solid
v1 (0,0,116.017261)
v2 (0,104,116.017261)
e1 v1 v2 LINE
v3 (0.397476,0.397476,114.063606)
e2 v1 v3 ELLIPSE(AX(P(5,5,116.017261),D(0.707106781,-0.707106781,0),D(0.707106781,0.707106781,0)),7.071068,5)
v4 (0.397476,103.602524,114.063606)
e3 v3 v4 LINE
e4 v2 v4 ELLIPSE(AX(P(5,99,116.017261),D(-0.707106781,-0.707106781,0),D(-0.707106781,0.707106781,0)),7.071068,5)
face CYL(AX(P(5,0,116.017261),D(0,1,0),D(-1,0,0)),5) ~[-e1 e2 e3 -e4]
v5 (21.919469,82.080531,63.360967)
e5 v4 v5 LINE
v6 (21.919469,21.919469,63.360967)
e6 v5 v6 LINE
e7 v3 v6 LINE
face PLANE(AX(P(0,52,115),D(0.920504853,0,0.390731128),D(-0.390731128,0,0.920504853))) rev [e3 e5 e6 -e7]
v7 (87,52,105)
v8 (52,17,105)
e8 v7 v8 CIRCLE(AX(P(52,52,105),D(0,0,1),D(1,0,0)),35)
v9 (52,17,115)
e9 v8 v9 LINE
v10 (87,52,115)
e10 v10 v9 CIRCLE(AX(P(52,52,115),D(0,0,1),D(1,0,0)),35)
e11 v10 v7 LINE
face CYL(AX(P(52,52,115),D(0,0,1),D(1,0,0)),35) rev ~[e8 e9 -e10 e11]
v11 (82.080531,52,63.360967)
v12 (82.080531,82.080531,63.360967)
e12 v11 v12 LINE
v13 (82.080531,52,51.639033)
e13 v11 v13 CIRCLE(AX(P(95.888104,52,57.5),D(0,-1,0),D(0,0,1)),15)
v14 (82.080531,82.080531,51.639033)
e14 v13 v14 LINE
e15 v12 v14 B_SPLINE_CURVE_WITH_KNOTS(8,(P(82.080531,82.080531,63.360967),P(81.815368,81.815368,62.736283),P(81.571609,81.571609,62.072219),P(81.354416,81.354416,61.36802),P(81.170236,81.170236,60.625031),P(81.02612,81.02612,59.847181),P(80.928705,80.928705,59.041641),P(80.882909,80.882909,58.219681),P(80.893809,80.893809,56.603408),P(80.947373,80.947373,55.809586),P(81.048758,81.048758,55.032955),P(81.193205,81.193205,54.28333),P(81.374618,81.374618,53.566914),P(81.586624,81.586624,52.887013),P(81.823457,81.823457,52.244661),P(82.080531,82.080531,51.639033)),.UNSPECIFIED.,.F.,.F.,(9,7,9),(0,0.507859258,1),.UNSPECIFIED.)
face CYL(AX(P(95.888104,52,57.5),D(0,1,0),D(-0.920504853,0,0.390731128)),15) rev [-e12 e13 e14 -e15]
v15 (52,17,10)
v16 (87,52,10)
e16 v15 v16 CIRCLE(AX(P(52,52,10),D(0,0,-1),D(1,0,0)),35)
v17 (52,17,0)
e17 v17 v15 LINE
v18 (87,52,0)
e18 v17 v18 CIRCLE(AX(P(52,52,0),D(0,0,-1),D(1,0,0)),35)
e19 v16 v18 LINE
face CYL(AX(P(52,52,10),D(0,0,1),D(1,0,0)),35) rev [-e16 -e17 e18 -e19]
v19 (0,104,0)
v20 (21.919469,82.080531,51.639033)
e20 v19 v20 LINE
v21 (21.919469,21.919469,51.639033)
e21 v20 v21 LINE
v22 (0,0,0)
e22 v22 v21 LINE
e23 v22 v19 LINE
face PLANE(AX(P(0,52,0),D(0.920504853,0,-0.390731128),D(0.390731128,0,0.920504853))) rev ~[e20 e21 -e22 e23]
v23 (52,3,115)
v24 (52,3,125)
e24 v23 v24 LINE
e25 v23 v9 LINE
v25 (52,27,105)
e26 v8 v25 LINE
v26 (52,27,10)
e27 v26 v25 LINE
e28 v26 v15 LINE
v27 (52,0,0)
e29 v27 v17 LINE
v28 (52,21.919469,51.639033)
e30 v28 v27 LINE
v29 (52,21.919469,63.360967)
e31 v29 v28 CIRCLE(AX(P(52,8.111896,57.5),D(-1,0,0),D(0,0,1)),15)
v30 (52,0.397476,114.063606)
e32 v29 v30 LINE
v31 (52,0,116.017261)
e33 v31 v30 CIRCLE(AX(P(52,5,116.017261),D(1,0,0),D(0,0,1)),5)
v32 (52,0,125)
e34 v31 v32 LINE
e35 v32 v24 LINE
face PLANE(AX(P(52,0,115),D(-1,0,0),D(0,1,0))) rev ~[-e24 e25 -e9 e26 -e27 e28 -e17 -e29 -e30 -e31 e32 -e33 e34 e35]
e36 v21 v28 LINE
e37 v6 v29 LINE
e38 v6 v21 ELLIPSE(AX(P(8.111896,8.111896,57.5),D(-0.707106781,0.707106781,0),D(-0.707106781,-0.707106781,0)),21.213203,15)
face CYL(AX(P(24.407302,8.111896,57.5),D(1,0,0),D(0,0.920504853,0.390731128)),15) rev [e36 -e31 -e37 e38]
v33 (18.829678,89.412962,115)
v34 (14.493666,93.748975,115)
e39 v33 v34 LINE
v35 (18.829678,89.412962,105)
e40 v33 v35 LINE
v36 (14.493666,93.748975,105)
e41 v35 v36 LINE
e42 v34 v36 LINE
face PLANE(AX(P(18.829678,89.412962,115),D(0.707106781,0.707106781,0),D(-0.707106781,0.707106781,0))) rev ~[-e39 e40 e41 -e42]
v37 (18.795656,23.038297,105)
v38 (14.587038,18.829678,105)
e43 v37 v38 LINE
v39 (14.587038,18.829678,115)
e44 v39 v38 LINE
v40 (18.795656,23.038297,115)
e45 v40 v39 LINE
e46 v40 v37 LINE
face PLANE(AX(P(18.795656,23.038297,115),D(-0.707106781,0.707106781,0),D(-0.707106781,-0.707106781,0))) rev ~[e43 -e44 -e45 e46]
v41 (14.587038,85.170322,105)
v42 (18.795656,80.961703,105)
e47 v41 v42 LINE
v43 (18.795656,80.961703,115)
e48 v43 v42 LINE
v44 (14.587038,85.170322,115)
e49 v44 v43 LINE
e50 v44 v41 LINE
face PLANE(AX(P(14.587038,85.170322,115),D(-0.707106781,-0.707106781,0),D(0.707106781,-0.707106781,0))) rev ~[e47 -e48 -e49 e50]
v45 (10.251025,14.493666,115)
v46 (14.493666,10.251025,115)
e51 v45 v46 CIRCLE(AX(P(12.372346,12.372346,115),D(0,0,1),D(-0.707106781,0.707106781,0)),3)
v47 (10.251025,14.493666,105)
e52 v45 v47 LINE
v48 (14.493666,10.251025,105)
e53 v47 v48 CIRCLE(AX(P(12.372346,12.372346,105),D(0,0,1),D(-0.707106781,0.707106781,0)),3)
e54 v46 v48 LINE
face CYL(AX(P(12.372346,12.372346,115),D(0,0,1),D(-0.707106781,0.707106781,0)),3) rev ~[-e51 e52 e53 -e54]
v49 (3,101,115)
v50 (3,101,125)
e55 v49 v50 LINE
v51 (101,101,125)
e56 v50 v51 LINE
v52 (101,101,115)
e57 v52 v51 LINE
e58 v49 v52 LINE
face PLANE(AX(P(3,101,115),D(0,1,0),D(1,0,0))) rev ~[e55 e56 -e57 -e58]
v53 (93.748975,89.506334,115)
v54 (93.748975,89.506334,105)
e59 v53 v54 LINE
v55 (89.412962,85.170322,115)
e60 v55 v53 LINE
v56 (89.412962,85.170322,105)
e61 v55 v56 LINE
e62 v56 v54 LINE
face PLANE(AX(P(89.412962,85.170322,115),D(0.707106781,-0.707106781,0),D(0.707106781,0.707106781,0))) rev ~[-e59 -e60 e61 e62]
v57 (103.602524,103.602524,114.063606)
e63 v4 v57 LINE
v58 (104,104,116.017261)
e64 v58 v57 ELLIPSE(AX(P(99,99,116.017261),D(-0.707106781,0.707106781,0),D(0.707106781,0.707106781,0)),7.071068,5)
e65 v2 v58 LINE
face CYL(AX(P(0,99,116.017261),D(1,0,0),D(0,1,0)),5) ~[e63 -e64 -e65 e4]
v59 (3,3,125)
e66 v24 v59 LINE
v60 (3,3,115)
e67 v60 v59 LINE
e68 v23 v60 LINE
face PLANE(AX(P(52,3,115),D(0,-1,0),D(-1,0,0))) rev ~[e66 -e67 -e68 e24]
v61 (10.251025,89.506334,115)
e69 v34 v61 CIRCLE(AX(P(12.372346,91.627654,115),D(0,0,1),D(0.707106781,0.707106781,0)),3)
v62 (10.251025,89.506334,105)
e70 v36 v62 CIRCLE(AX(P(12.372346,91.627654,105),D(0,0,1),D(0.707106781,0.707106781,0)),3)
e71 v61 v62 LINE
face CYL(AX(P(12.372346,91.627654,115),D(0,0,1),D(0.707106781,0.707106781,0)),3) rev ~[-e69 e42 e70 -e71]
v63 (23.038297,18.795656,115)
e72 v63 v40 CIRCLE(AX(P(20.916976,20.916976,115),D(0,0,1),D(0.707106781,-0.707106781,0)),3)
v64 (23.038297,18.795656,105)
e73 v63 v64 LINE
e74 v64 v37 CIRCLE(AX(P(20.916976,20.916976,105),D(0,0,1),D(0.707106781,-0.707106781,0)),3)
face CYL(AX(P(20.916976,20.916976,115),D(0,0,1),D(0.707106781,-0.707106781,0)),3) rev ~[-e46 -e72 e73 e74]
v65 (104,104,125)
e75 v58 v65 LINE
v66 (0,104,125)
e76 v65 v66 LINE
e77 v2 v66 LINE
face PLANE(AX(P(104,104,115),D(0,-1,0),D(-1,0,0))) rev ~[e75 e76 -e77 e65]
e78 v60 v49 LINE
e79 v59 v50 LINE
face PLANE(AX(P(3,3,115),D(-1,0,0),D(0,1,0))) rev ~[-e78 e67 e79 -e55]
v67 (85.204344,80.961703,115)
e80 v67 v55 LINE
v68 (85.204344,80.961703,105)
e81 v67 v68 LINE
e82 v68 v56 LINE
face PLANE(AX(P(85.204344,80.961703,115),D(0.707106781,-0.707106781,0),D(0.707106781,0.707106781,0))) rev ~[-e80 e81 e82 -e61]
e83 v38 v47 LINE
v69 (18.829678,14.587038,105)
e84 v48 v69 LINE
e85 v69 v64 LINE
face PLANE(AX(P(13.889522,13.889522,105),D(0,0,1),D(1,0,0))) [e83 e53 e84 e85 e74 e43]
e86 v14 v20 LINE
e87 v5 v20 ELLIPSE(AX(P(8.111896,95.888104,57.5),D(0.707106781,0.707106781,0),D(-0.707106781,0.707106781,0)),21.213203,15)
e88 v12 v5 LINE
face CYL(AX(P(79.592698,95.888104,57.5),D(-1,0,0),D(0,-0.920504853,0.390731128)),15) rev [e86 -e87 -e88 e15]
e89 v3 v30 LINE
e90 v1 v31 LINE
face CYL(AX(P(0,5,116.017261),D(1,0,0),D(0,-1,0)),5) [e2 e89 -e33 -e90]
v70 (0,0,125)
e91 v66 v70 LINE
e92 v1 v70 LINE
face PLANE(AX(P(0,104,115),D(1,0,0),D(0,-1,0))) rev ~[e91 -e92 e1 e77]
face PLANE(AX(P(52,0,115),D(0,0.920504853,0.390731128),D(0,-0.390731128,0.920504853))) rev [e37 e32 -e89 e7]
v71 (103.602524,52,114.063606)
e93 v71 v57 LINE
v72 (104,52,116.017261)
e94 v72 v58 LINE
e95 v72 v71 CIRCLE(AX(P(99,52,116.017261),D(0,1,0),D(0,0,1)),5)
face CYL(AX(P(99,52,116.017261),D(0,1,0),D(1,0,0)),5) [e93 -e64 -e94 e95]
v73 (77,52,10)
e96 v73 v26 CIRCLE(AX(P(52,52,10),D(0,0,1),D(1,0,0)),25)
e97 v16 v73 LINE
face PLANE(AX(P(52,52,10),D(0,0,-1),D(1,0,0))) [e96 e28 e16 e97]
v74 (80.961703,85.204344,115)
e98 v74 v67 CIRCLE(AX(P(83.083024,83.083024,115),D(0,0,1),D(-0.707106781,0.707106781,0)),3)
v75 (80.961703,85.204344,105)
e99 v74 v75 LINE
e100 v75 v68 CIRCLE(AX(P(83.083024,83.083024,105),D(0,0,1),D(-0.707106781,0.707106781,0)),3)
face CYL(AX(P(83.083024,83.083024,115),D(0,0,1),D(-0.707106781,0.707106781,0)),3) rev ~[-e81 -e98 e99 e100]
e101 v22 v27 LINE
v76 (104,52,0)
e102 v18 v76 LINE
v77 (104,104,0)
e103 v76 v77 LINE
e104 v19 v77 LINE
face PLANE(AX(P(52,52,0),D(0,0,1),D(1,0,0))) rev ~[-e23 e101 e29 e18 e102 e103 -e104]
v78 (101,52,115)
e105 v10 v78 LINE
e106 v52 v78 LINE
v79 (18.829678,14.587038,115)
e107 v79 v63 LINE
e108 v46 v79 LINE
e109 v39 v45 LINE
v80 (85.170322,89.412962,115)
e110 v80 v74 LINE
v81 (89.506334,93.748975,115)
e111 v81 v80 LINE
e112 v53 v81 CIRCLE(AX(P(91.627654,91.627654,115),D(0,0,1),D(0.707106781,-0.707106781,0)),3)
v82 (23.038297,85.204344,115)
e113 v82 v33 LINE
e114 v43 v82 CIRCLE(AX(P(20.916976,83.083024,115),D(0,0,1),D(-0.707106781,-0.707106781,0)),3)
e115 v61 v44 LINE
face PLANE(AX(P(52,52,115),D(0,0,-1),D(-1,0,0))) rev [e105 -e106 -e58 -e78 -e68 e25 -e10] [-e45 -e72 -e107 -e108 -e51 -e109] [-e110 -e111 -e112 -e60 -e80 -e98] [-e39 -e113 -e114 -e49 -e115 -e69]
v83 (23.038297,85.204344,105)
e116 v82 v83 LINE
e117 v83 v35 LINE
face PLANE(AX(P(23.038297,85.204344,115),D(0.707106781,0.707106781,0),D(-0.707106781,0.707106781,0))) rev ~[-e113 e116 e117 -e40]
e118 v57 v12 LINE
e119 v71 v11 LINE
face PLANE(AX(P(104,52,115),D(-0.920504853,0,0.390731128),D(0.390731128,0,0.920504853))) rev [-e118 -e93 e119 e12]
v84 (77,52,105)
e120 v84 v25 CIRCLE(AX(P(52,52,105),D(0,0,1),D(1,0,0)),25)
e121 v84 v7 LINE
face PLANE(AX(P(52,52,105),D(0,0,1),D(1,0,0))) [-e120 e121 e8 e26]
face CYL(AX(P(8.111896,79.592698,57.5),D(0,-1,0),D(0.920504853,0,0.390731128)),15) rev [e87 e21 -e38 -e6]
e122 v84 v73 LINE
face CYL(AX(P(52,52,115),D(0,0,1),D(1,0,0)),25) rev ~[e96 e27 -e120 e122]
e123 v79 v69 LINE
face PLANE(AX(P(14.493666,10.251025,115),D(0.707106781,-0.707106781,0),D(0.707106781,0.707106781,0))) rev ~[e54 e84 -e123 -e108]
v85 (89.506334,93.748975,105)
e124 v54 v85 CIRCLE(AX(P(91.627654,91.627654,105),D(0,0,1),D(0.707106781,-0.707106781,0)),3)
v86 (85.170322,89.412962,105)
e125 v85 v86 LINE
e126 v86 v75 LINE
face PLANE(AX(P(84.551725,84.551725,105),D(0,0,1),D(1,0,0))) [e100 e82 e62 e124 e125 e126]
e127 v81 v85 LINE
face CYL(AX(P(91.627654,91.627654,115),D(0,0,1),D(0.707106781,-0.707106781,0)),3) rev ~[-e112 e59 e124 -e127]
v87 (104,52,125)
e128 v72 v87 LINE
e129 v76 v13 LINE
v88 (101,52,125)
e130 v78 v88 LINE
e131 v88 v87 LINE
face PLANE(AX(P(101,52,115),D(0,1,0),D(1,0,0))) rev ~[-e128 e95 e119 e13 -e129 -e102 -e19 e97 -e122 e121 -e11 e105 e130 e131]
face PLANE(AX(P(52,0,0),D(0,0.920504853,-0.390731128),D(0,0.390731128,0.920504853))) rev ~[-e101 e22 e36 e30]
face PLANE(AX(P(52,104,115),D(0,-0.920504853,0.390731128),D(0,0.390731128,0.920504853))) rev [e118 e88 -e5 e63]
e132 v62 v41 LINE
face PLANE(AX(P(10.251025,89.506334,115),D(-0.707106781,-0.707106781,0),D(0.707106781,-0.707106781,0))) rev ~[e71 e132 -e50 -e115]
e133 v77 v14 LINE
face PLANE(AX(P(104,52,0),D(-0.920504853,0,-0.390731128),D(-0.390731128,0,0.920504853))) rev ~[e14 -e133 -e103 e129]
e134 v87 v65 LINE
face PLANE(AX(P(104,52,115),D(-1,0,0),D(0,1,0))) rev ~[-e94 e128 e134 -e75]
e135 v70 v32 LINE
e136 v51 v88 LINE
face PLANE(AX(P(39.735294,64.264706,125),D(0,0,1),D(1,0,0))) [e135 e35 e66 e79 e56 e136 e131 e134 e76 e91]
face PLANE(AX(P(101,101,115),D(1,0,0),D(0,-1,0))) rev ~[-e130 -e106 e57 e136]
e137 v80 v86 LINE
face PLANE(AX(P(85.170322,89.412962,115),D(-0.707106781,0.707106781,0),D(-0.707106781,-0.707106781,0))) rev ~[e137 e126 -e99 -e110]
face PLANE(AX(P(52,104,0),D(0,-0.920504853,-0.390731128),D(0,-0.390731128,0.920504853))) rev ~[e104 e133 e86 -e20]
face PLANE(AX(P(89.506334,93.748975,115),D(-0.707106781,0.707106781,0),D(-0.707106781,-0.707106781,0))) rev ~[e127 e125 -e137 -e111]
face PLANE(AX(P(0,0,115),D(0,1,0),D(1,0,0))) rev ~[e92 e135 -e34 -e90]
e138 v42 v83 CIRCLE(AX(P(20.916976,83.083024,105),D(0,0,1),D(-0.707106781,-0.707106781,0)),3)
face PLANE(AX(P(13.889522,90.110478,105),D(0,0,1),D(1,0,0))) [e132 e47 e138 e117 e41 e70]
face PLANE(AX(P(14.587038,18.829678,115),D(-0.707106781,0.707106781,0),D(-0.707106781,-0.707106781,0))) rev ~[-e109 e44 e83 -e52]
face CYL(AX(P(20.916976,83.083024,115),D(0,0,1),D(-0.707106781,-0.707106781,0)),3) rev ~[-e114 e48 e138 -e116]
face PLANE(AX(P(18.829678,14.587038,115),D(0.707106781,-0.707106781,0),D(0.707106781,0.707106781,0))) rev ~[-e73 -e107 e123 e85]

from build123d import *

# Parameters (mm, degrees)
SKETCH1_W           = 104
SKETCH1_H           = 104
BOSS_EXTRUDE1_DEPTH = 57.5
BOSS_EXTRUDE1_TAPER = 23
SKETCH2_R           = 25
CUT_EXTRUDE1_DEPTH  = 187.70029459
SKETCH3_R           = 35
SKETCH3_R_2         = 25
CUT_EXTRUDE2_DEPTH  = 10
CUT_EXTRUDE3_START  = -10
SKETCH4_R           = 35
CUT_EXTRUDE3_DEPTH  = 10
SKETCH5_W           = 52
SKETCH5_H           = 52
CUT_EXTRUDE4_DEPTH  = 187.70029459
FILLET1_R           = 15
BOSS_EXTRUDE2_DEPTH = 10
CUT_EXTRUDE5_DEPTH  = 10
FILLET2_R           = 5


with BuildPart() as part:
    # Sketch1 → Boss-Extrude1 (new body)
    with BuildSketch(Plane.XY):
        with Locations((52, 52)):
            Rectangle(SKETCH1_W, SKETCH1_H)
    boss_extrude1 = extrude(amount=BOSS_EXTRUDE1_DEPTH, taper=BOSS_EXTRUDE1_TAPER)

    # Mirror1: Boss-Extrude1 across plane
    add(boss_extrude1.mirror(Plane.XY.offset(57.5)))

    # Sketch2 → Cut-Extrude1 (cut, through all)
    with BuildSketch(Plane.XY.offset(115)):
        with Locations((52, 52)):
            Circle(SKETCH2_R)
    extrude(amount=-CUT_EXTRUDE1_DEPTH, mode=Mode.SUBTRACT)

    # Sketch3 → Cut-Extrude2 (cut)
    with BuildSketch(Plane.XY.offset(115)):
        with Locations((52, 52)):
            Circle(SKETCH3_R)
        with Locations((52, 52)):
            Circle(SKETCH3_R_2, mode=Mode.SUBTRACT)
    extrude(amount=-CUT_EXTRUDE2_DEPTH, mode=Mode.SUBTRACT)

    # Sketch4 → Cut-Extrude3 (cut)
    with BuildSketch(Plane(origin=(0, 0, 0), x_dir=(-1, 0, 0), z_dir=(0, 0, -1)).offset(CUT_EXTRUDE3_START)):
        with Locations(Location((-52, 52, 0), (0, 0, 180))):
            Circle(SKETCH4_R)
    extrude(amount=CUT_EXTRUDE3_DEPTH, mode=Mode.SUBTRACT)

    # Sketch5 → Cut-Extrude4 (cut, through all)
    with BuildSketch(Plane.XY.offset(115)):
        with Locations((78, 26)):
            Rectangle(SKETCH5_W, SKETCH5_H)
    extrude(amount=-CUT_EXTRUDE4_DEPTH, mode=Mode.SUBTRACT)

    # Fillet1
    fillet1_edges = [part.edges().sort_by_distance(p)[0] for p in [
        (52, 79.592698068, 57.5),
        (24.407301932, 52, 57.5),
        (79.592698068, 65.796349034, 57.5),
        (38.203650966, 24.407301932, 57.5),
    ]]
    fillet(fillet1_edges, radius=FILLET1_R)

    # Sketch6 → Boss-Extrude2 (add)
    with BuildSketch(Plane.XY.offset(115)):
        Polygon((52, 0), (52, 3), (3, 3), (3, 101), (101, 101), (101, 52), (104, 52), (104, 104), (0, 104), (0, 0), align=None)
    extrude(amount=BOSS_EXTRUDE2_DEPTH)

    # Sketch7 → Cut-Extrude5 (cut)
    with BuildSketch(Plane.XY.offset(115)):
        with BuildLine():
            Line((10.251025223, 89.50633409), (14.587037586, 85.170321726))
            ThreePointArc((14.587037586, 85.170321726), (16.644660941, 87.355339059), (18.829678274, 89.412962414))
            Line((18.829678274, 89.412962414), (14.49366591, 93.748974777))
            ThreePointArc((14.49366591, 93.748974777), (10.251025223, 93.748974777), (10.251025223, 89.50633409))
        make_face()
        with BuildLine():
            Line((14.587037586, 85.170321726), (18.795655971, 80.961703342))
            ThreePointArc((18.795655971, 80.961703342), (23.038296658, 80.961703342), (23.038296658, 85.204344029))
            Line((23.038296658, 85.204344029), (18.829678274, 89.412962414))
            ThreePointArc((18.829678274, 89.412962414), (16.644660941, 87.355339059), (14.587037586, 85.170321726))
        make_face()
        with BuildLine():
            ThreePointArc((18.829678274, 14.587037586), (16.644660941, 16.644660941), (14.587037586, 18.829678274))
            Line((14.587037586, 18.829678274), (10.251025223, 14.49366591))
            ThreePointArc((10.251025223, 14.49366591), (10.251025223, 10.251025223), (14.49366591, 10.251025223))
            Line((14.49366591, 10.251025223), (18.829678274, 14.587037586))
        make_face()
        with BuildLine():
            Line((18.795655971, 23.038296658), (14.587037586, 18.829678274))
            ThreePointArc((14.587037586, 18.829678274), (16.644660941, 16.644660941), (18.829678274, 14.587037586))
            Line((18.829678274, 14.587037586), (23.038296658, 18.795655971))
            ThreePointArc((23.038296658, 18.795655971), (23.038296658, 23.038296658), (18.795655971, 23.038296658))
        make_face()
        with BuildLine():
            ThreePointArc((89.412962414, 85.170321726), (87.355339059, 87.355339059), (85.170321726, 89.412962414))
            Line((85.170321726, 89.412962414), (80.961703342, 85.204344029))
            ThreePointArc((80.961703342, 85.204344029), (80.961703342, 80.961703342), (85.204344029, 80.961703342))
            Line((85.204344029, 80.961703342), (89.412962414, 85.170321726))
        make_face()
        with BuildLine():
            Line((89.50633409, 93.748974777), (85.170321726, 89.412962414))
            ThreePointArc((85.170321726, 89.412962414), (87.355339059, 87.355339059), (89.412962414, 85.170321726))
            Line((89.412962414, 85.170321726), (93.748974777, 89.50633409))
            ThreePointArc((93.748974777, 89.50633409), (93.748974777, 93.748974777), (89.50633409, 93.748974777))
        make_face()
    extrude(amount=-CUT_EXTRUDE5_DEPTH, mode=Mode.SUBTRACT)

    # Fillet2
    fillet2_edges = [part.edges().sort_by_distance(p)[0] for p in [
        (0, 52, 115),
        (26, 0, 115),
        (52, 104, 115),
        (104, 78, 115),
    ]]
    fillet(fillet2_edges, radius=FILLET2_R)


solid = part.part
